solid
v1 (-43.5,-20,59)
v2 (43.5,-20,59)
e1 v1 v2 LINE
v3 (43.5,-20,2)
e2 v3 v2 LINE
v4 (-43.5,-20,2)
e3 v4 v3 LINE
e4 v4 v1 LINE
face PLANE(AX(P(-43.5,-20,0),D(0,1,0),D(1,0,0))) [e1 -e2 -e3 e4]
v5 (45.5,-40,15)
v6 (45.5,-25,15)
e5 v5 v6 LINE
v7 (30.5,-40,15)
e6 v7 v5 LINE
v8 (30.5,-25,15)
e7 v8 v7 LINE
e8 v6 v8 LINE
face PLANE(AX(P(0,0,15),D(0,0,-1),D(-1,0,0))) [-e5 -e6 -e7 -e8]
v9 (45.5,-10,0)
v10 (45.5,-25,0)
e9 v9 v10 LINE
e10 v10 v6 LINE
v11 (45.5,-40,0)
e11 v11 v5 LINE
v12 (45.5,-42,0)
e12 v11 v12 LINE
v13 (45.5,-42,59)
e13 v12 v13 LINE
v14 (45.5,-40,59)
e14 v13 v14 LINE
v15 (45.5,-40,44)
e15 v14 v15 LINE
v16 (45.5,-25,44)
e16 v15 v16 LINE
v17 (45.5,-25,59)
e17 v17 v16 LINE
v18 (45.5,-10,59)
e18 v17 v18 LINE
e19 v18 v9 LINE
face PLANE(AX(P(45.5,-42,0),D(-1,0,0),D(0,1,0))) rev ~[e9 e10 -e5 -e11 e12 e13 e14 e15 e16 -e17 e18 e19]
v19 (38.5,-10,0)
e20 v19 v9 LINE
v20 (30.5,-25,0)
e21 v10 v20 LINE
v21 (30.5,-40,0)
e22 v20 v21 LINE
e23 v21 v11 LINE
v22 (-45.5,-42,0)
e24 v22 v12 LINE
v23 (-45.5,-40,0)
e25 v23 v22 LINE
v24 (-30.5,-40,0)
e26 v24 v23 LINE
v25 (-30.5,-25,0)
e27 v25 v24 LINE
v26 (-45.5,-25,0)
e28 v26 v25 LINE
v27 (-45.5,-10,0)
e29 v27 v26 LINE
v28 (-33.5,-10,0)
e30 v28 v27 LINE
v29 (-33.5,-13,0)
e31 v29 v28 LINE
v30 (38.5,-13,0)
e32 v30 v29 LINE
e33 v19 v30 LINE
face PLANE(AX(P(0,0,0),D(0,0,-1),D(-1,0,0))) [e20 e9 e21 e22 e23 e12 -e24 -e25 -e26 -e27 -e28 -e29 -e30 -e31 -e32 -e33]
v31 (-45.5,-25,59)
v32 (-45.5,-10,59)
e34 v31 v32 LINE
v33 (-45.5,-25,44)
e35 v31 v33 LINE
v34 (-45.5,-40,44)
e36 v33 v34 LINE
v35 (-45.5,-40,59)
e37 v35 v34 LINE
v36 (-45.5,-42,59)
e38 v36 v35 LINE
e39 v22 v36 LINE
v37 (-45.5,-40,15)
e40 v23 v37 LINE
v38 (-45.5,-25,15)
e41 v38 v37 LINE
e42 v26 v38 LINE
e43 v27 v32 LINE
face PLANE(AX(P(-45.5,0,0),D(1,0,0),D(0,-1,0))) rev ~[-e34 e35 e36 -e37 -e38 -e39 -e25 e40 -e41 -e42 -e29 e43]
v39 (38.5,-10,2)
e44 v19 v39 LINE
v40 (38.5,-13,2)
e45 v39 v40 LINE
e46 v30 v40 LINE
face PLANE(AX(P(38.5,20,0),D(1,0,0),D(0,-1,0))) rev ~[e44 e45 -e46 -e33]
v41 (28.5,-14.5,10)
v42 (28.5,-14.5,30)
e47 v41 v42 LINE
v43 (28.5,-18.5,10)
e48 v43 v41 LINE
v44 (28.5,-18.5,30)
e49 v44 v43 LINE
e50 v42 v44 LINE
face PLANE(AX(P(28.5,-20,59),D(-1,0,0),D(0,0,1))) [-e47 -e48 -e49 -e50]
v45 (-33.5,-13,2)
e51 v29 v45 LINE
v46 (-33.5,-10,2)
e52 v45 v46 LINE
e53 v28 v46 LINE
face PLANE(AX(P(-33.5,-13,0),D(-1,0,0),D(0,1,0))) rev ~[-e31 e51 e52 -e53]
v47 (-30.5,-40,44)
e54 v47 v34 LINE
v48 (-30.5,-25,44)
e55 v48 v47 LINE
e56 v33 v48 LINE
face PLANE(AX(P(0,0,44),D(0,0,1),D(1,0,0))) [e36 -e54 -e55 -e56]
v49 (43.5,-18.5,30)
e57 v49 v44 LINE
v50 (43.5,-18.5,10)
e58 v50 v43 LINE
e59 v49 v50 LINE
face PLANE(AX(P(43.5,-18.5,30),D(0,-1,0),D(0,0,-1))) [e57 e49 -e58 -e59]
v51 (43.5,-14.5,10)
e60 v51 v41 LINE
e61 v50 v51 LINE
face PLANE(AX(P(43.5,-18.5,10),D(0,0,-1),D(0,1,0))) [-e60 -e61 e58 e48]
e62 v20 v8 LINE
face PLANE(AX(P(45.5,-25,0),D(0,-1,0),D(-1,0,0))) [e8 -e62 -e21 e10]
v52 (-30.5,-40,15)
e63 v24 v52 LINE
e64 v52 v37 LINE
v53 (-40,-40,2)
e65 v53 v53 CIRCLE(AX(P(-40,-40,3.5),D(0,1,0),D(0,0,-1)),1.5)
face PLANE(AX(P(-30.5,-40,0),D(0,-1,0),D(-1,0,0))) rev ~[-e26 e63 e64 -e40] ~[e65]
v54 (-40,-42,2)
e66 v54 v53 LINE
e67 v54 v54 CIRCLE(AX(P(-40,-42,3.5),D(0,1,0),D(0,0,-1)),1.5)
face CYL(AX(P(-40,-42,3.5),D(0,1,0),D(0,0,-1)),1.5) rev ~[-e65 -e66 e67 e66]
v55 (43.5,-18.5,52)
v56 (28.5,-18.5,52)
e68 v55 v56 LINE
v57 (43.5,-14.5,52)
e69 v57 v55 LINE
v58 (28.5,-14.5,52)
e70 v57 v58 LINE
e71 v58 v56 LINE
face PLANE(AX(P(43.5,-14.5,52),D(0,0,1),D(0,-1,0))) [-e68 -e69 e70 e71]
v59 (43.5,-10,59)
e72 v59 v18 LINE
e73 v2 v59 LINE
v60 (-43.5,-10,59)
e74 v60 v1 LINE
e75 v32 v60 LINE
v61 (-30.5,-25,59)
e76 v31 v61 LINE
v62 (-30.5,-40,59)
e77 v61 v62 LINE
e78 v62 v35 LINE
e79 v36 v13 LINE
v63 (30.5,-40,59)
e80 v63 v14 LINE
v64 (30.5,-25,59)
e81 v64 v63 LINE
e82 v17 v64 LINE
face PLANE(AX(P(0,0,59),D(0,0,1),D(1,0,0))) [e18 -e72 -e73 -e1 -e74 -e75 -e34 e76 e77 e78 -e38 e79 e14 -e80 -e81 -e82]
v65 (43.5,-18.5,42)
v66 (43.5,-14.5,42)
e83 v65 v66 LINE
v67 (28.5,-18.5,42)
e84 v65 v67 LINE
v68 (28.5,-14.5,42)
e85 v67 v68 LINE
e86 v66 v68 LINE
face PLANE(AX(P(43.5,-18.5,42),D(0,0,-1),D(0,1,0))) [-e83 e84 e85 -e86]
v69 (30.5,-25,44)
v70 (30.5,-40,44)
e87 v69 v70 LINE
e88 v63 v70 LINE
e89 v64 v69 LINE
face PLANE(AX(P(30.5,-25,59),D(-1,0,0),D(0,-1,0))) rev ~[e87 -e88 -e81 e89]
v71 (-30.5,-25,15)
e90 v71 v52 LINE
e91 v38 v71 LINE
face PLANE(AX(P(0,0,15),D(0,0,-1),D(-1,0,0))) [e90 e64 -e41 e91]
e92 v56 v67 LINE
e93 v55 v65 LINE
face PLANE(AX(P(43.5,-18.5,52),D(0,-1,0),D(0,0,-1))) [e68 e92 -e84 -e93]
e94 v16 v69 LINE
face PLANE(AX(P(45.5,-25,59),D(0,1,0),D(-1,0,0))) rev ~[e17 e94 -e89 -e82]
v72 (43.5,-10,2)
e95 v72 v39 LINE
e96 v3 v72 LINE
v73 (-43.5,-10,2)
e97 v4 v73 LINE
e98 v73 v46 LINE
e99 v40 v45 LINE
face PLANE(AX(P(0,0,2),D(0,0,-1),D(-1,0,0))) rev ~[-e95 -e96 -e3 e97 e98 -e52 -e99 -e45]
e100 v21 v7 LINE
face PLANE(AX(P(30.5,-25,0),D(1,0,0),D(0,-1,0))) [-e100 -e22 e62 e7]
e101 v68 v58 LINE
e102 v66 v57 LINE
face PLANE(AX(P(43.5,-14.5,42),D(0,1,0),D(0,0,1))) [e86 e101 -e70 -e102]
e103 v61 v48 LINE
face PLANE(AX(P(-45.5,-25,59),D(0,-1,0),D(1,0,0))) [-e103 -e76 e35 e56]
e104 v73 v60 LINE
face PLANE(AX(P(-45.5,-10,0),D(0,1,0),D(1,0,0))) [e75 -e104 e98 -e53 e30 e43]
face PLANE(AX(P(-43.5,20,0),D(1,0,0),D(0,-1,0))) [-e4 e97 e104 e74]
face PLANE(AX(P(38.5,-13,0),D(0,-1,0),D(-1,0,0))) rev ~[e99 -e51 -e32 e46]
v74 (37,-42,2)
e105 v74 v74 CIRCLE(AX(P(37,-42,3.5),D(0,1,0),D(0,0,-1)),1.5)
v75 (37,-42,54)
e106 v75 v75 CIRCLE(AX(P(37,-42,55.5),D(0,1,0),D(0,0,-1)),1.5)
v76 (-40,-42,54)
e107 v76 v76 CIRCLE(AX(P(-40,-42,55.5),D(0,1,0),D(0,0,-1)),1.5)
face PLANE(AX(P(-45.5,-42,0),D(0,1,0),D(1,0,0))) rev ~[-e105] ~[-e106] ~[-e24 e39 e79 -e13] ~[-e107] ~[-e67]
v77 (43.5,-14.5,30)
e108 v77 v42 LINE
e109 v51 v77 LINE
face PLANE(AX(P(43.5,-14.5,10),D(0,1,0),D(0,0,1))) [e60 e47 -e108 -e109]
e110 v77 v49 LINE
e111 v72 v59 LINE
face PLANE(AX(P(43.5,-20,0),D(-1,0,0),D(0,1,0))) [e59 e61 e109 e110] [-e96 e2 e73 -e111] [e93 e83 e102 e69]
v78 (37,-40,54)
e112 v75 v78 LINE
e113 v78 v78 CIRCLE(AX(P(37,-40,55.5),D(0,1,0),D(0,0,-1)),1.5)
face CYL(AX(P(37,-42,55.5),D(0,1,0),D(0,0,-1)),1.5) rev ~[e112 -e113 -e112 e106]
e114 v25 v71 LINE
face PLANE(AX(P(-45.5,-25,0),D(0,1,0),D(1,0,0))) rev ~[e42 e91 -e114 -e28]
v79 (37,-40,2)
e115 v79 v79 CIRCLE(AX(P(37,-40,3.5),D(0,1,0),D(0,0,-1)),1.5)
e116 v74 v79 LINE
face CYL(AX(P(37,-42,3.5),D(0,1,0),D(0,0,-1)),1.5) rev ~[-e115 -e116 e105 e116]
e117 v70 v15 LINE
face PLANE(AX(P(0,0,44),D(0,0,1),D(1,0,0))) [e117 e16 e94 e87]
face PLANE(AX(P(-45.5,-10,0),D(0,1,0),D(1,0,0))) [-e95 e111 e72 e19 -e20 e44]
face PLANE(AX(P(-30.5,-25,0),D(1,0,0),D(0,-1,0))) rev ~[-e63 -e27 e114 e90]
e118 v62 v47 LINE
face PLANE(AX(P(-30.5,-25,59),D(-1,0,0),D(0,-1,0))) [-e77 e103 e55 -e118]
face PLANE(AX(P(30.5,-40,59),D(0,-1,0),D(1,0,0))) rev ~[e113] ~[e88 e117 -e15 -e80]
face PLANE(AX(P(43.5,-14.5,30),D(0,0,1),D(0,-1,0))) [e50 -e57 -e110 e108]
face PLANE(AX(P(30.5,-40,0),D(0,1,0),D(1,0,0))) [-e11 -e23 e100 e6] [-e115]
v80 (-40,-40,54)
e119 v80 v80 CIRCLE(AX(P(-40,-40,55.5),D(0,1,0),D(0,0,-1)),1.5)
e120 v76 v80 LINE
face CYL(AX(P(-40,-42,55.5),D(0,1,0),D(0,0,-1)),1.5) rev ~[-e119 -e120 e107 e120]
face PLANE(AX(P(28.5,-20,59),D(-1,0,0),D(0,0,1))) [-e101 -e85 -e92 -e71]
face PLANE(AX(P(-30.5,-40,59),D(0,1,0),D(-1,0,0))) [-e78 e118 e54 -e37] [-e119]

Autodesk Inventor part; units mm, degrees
ref_plane "YZ Plane" through (0, 0, 0) normal (1, 0, 0) x (0, 1, 0)
ref_plane "XZ Plane" through (0, 0, 0) normal (0, 1, 0) x (-1, 0, 0)
ref_plane "XY Plane" through (0, 0, 0) normal (0, 0, 1) x (1, 0, 0)
sketch "スケッチ1" plane through (0, 0, 0) normal (0, 0, 1) x (1, 0, 0)
  line L0 (-45.5, -42) -> (45.5, -42)
  line L1 (45.5, -42) -> (45.5, 22)
  line L2 (45.5, 22) -> (-45.5, 22)
  line L3 (-45.5, 22) -> (-45.5, -42)
  line L4 (-45.5, 0) -> (0, 0)
  line L5 (0, 0) -> (45.5, 0)
  dimension "d0" = 64
  dimension "d1" = 91
  dimension "d20" = 42
extrude "外枠2" add sketch "スケッチ1" along normal blind 59
sketch "スケッチ２" plane through (0, 0, 0) normal (0, 0, -1) x (1, 0, 0)
  line L0 (43.5, -20) -> (-43.5, -20)
  line L1 (-43.5, -20) -> (-43.5, 20)
  line L2 (-43.5, 20) -> (43.5, 20)
  line L3 (43.5, 20) -> (43.5, -20)
  line L4 (43.5, -20) -> (-43.5, 20) construction
  line L5 (-43.5, -20) -> (43.5, 20) construction
  point P0 (0, 0)
  dimension "d4" = 40
  dimension "d5" = 87
extrude "本体" cut sketch "スケッチ２" against normal blind 59
sketch "スケッチ4" plane through (-45.5, 22, 0) normal (0, 1, 0) x (1, 0, 0)
  line L0 (0, -59) -> (91, -59) projected
  line L1 (0, 0) -> (91, 0) projected
  line L2 (91, -59) -> (0, -59)
  line L3 (0, -59) -> (0, 0)
  line L4 (0, 0) -> (91, 0)
  line L5 (91, 0) -> (91, -59)
  point P0 (45.5, 0)
extrude "上くり抜き" cut sketch "スケッチ4" against normal blind 2
sketch "スケッチ5" plane through (0, 0, 0) normal (0, 0, -1) x (-1, 0, 0)
  line L0 (-43.5, -20) -> (-43.5, 20) projected
  line L1 (-43.5, 20) -> (-38.5, 20)
  line L2 (-38.5, 20) -> (-38.5, -13)
  line L3 (-38.5, -13) -> (33.5, -13)
  line L4 (33.5, -13) -> (33.5, 20)
  line L5 (43.5, -20) -> (43.5, 20) projected
  line L6 (33.5, 20) -> (43.5, 20)
  line L7 (43.5, 20) -> (43.5, -20)
  line L8 (43.5, -20) -> (-43.5, -20) projected
  line L9 (43.5, -20) -> (-43.5, -20)
  line L10 (-43.5, -20) -> (-43.5, 20)
  point P0 (0, 0)
  dimension "d15" = 5
  dimension "d16" = 10
  dimension "d17" = 33
extrude "側面" add sketch "スケッチ5" against normal blind 2
sketch "スケッチ6" plane through (43.5, -20, 59) normal (-1, 0, 0) x (0, 0, 1)
  line L0 (-49, 5.5) -> (-29, 5.5)
  line L1 (-29, 5.5) -> (-29, 1.5)
  line L2 (-29, 1.5) -> (-49, 1.5)
  line L3 (-49, 1.5) -> (-49, 5.5)
  line L4 (-17, 5.5) -> (-7, 5.5)
  line L5 (-7, 5.5) -> (-7, 1.5)
  line L6 (-7, 1.5) -> (-17, 1.5)
  line L7 (-17, 1.5) -> (-17, 5.5)
  line L8 (-57, 0) -> (0, 0) projected
  line L9 (0, 40) -> (0, 0) projected
  point P0 (-59, 20)
  point P1 (-57, 7)
  dimension "d21" = 1.5
  dimension "d22" = 8
  dimension "d23" = 20
  dimension "d24" = 10
  dimension "d25" = 7
  dimension "d26" = 4
  dimension "d27" = 4
extrude "支え" add sketch "スケッチ6" along normal blind 15
sketch "スケッチ9" plane through (0, 0, 0) normal (0, 0, -1) x (-1, 0, 0)
  line L0 (-45.5, -42) -> (-45.5, 20) projected
  line L1 (-45.5, -25) -> (-30.5, -25)
  line L2 (-30.5, -25) -> (-30.5, -40)
  line L3 (-30.5, -40) -> (-45.5, -40)
  line L4 (-45.5, -40) -> (-45.5, -25)
  line L5 (45.5, 20) -> (45.5, -42) projected
  line L6 (45.5, -25) -> (30.5, -25)
  line L7 (30.5, -25) -> (30.5, -40)
  line L8 (30.5, -40) -> (45.5, -40)
  line L9 (45.5, -40) -> (45.5, -25)
  line L10 (45.5, -42) -> (-45.5, -42) projected
  point P0 (0, 0)
  dimension "d38" = 2
  dimension "d39" = 15
  dimension "d40" = 15
  dimension "d41" = 15
extrude "ネジ穴1" cut sketch "スケッチ9" against normal blind 15
sketch "スケッチ10" plane through (0, 0, 59) normal (0, 0, 1) x (1, 0, 0)
  line L0 (-45.5, -25) -> (-45.5, -40) projected
  line L1 (-45.5, -25) -> (-30.5, -25)
  line L2 (-30.5, -25) -> (-30.5, -40)
  line L3 (-30.5, -40) -> (-45.5, -40)
  line L4 (-45.5, -40) -> (-45.5, -25)
  line L5 (45.5, -40) -> (45.5, -25) projected
  line L6 (45.5, -25) -> (30.5, -25)
  line L7 (30.5, -25) -> (30.5, -40)
  line L8 (30.5, -40) -> (45.5, -40)
  line L9 (45.5, -40) -> (45.5, -25)
  line L10 (-45.5, -42) -> (45.5, -42) projected
  point P0 (0, 0)
  dimension "d44" = 15
  dimension "d45" = 2
  dimension "d46" = 2
  dimension "d47" = 15
  dimension "d48" = 15
  dimension "d49" = 15
extrude "ネジ穴2" cut sketch "スケッチ10" against normal blind 15
sketch "スケッチ15" plane through (-45.5, 20, 0) normal (0, 1, 0) x (1, 0, 0)
  line L0 (76, -59) -> (91, -59) projected
  line L1 (84, 0) -> (91, 0) projected
  line L2 (91, -59) -> (91, 0)
  line L3 (91, 0) -> (84, 0)
  line L4 (84, 0) -> (84, -2) projected
  line L5 (84, 0) -> (84, -2)
  line L6 (89, -2) -> (84, -2) projected
  line L7 (84, -2) -> (89, -2)
  line L8 (89, -2) -> (89, -59) projected
  line L9 (89, -2) -> (89, -59)
  line L10 (89, -59) -> (2, -59) projected
  line L11 (2, -2) -> (2, -59) projected
  line L12 (2, -59) -> (2, -2)
  line L13 (84, -2) -> (12, -2) projected
  line L14 (2, -2) -> (12, -2)
  line L15 (12, 0) -> (12, -2) projected
  line L16 (12, -2) -> (12, 0)
  line L17 (15, 0) -> (0, 0) projected
  line L18 (12, 0) -> (0, 0)
  line L19 (0, 0) -> (0, -59) projected
  line L20 (0, 0) -> (0, -59)
  line L21 (0, -59) -> (2, -59)
  point P0 (45.5, 0)
extrude "押し出し11" cut sketch "スケッチ15" against normal blind 30 contours L8 L6 L4 L1 L2 L0 | L21 L19 L17 L15 L14 L11
sketch "スケッチ17" plane through (-45.5, -42, 0) normal (0, -1, 0) x (1, 0, 0)
  line L0 (91, 59) -> (91, 44) projected
  line L1 (15, 0) -> (0, 0) projected
  line L2 (91, 0) -> (91, 59) projected
  line L3 (5.5, 3.5) -> (82.5, 3.5)
  line L4 (82.5, 3.5) -> (82.5, 55.5)
  line L5 (82.5, 55.5) -> (5.5, 55.5)
  line L6 (5.5, 55.5) -> (5.5, 3.5)
  line L7 (5.5, 3.5) -> (82.5, 55.5) construction
  line L8 (82.5, 3.5) -> (5.5, 55.5) construction
  point P0 (45.5, 0)
  point P1 (44, 29.5)
  dimension "d55" = 77
  dimension "d56" = 52
hole "穴1" at (-40, -42, 55.5) at (-40, -42, 3.5) at (37, -42, 55.5) at (37, -42, 3.5) direction (0, 1, 0) diameter 3 depth 2 tip angle 118
properties part number "ultra96_holder"
